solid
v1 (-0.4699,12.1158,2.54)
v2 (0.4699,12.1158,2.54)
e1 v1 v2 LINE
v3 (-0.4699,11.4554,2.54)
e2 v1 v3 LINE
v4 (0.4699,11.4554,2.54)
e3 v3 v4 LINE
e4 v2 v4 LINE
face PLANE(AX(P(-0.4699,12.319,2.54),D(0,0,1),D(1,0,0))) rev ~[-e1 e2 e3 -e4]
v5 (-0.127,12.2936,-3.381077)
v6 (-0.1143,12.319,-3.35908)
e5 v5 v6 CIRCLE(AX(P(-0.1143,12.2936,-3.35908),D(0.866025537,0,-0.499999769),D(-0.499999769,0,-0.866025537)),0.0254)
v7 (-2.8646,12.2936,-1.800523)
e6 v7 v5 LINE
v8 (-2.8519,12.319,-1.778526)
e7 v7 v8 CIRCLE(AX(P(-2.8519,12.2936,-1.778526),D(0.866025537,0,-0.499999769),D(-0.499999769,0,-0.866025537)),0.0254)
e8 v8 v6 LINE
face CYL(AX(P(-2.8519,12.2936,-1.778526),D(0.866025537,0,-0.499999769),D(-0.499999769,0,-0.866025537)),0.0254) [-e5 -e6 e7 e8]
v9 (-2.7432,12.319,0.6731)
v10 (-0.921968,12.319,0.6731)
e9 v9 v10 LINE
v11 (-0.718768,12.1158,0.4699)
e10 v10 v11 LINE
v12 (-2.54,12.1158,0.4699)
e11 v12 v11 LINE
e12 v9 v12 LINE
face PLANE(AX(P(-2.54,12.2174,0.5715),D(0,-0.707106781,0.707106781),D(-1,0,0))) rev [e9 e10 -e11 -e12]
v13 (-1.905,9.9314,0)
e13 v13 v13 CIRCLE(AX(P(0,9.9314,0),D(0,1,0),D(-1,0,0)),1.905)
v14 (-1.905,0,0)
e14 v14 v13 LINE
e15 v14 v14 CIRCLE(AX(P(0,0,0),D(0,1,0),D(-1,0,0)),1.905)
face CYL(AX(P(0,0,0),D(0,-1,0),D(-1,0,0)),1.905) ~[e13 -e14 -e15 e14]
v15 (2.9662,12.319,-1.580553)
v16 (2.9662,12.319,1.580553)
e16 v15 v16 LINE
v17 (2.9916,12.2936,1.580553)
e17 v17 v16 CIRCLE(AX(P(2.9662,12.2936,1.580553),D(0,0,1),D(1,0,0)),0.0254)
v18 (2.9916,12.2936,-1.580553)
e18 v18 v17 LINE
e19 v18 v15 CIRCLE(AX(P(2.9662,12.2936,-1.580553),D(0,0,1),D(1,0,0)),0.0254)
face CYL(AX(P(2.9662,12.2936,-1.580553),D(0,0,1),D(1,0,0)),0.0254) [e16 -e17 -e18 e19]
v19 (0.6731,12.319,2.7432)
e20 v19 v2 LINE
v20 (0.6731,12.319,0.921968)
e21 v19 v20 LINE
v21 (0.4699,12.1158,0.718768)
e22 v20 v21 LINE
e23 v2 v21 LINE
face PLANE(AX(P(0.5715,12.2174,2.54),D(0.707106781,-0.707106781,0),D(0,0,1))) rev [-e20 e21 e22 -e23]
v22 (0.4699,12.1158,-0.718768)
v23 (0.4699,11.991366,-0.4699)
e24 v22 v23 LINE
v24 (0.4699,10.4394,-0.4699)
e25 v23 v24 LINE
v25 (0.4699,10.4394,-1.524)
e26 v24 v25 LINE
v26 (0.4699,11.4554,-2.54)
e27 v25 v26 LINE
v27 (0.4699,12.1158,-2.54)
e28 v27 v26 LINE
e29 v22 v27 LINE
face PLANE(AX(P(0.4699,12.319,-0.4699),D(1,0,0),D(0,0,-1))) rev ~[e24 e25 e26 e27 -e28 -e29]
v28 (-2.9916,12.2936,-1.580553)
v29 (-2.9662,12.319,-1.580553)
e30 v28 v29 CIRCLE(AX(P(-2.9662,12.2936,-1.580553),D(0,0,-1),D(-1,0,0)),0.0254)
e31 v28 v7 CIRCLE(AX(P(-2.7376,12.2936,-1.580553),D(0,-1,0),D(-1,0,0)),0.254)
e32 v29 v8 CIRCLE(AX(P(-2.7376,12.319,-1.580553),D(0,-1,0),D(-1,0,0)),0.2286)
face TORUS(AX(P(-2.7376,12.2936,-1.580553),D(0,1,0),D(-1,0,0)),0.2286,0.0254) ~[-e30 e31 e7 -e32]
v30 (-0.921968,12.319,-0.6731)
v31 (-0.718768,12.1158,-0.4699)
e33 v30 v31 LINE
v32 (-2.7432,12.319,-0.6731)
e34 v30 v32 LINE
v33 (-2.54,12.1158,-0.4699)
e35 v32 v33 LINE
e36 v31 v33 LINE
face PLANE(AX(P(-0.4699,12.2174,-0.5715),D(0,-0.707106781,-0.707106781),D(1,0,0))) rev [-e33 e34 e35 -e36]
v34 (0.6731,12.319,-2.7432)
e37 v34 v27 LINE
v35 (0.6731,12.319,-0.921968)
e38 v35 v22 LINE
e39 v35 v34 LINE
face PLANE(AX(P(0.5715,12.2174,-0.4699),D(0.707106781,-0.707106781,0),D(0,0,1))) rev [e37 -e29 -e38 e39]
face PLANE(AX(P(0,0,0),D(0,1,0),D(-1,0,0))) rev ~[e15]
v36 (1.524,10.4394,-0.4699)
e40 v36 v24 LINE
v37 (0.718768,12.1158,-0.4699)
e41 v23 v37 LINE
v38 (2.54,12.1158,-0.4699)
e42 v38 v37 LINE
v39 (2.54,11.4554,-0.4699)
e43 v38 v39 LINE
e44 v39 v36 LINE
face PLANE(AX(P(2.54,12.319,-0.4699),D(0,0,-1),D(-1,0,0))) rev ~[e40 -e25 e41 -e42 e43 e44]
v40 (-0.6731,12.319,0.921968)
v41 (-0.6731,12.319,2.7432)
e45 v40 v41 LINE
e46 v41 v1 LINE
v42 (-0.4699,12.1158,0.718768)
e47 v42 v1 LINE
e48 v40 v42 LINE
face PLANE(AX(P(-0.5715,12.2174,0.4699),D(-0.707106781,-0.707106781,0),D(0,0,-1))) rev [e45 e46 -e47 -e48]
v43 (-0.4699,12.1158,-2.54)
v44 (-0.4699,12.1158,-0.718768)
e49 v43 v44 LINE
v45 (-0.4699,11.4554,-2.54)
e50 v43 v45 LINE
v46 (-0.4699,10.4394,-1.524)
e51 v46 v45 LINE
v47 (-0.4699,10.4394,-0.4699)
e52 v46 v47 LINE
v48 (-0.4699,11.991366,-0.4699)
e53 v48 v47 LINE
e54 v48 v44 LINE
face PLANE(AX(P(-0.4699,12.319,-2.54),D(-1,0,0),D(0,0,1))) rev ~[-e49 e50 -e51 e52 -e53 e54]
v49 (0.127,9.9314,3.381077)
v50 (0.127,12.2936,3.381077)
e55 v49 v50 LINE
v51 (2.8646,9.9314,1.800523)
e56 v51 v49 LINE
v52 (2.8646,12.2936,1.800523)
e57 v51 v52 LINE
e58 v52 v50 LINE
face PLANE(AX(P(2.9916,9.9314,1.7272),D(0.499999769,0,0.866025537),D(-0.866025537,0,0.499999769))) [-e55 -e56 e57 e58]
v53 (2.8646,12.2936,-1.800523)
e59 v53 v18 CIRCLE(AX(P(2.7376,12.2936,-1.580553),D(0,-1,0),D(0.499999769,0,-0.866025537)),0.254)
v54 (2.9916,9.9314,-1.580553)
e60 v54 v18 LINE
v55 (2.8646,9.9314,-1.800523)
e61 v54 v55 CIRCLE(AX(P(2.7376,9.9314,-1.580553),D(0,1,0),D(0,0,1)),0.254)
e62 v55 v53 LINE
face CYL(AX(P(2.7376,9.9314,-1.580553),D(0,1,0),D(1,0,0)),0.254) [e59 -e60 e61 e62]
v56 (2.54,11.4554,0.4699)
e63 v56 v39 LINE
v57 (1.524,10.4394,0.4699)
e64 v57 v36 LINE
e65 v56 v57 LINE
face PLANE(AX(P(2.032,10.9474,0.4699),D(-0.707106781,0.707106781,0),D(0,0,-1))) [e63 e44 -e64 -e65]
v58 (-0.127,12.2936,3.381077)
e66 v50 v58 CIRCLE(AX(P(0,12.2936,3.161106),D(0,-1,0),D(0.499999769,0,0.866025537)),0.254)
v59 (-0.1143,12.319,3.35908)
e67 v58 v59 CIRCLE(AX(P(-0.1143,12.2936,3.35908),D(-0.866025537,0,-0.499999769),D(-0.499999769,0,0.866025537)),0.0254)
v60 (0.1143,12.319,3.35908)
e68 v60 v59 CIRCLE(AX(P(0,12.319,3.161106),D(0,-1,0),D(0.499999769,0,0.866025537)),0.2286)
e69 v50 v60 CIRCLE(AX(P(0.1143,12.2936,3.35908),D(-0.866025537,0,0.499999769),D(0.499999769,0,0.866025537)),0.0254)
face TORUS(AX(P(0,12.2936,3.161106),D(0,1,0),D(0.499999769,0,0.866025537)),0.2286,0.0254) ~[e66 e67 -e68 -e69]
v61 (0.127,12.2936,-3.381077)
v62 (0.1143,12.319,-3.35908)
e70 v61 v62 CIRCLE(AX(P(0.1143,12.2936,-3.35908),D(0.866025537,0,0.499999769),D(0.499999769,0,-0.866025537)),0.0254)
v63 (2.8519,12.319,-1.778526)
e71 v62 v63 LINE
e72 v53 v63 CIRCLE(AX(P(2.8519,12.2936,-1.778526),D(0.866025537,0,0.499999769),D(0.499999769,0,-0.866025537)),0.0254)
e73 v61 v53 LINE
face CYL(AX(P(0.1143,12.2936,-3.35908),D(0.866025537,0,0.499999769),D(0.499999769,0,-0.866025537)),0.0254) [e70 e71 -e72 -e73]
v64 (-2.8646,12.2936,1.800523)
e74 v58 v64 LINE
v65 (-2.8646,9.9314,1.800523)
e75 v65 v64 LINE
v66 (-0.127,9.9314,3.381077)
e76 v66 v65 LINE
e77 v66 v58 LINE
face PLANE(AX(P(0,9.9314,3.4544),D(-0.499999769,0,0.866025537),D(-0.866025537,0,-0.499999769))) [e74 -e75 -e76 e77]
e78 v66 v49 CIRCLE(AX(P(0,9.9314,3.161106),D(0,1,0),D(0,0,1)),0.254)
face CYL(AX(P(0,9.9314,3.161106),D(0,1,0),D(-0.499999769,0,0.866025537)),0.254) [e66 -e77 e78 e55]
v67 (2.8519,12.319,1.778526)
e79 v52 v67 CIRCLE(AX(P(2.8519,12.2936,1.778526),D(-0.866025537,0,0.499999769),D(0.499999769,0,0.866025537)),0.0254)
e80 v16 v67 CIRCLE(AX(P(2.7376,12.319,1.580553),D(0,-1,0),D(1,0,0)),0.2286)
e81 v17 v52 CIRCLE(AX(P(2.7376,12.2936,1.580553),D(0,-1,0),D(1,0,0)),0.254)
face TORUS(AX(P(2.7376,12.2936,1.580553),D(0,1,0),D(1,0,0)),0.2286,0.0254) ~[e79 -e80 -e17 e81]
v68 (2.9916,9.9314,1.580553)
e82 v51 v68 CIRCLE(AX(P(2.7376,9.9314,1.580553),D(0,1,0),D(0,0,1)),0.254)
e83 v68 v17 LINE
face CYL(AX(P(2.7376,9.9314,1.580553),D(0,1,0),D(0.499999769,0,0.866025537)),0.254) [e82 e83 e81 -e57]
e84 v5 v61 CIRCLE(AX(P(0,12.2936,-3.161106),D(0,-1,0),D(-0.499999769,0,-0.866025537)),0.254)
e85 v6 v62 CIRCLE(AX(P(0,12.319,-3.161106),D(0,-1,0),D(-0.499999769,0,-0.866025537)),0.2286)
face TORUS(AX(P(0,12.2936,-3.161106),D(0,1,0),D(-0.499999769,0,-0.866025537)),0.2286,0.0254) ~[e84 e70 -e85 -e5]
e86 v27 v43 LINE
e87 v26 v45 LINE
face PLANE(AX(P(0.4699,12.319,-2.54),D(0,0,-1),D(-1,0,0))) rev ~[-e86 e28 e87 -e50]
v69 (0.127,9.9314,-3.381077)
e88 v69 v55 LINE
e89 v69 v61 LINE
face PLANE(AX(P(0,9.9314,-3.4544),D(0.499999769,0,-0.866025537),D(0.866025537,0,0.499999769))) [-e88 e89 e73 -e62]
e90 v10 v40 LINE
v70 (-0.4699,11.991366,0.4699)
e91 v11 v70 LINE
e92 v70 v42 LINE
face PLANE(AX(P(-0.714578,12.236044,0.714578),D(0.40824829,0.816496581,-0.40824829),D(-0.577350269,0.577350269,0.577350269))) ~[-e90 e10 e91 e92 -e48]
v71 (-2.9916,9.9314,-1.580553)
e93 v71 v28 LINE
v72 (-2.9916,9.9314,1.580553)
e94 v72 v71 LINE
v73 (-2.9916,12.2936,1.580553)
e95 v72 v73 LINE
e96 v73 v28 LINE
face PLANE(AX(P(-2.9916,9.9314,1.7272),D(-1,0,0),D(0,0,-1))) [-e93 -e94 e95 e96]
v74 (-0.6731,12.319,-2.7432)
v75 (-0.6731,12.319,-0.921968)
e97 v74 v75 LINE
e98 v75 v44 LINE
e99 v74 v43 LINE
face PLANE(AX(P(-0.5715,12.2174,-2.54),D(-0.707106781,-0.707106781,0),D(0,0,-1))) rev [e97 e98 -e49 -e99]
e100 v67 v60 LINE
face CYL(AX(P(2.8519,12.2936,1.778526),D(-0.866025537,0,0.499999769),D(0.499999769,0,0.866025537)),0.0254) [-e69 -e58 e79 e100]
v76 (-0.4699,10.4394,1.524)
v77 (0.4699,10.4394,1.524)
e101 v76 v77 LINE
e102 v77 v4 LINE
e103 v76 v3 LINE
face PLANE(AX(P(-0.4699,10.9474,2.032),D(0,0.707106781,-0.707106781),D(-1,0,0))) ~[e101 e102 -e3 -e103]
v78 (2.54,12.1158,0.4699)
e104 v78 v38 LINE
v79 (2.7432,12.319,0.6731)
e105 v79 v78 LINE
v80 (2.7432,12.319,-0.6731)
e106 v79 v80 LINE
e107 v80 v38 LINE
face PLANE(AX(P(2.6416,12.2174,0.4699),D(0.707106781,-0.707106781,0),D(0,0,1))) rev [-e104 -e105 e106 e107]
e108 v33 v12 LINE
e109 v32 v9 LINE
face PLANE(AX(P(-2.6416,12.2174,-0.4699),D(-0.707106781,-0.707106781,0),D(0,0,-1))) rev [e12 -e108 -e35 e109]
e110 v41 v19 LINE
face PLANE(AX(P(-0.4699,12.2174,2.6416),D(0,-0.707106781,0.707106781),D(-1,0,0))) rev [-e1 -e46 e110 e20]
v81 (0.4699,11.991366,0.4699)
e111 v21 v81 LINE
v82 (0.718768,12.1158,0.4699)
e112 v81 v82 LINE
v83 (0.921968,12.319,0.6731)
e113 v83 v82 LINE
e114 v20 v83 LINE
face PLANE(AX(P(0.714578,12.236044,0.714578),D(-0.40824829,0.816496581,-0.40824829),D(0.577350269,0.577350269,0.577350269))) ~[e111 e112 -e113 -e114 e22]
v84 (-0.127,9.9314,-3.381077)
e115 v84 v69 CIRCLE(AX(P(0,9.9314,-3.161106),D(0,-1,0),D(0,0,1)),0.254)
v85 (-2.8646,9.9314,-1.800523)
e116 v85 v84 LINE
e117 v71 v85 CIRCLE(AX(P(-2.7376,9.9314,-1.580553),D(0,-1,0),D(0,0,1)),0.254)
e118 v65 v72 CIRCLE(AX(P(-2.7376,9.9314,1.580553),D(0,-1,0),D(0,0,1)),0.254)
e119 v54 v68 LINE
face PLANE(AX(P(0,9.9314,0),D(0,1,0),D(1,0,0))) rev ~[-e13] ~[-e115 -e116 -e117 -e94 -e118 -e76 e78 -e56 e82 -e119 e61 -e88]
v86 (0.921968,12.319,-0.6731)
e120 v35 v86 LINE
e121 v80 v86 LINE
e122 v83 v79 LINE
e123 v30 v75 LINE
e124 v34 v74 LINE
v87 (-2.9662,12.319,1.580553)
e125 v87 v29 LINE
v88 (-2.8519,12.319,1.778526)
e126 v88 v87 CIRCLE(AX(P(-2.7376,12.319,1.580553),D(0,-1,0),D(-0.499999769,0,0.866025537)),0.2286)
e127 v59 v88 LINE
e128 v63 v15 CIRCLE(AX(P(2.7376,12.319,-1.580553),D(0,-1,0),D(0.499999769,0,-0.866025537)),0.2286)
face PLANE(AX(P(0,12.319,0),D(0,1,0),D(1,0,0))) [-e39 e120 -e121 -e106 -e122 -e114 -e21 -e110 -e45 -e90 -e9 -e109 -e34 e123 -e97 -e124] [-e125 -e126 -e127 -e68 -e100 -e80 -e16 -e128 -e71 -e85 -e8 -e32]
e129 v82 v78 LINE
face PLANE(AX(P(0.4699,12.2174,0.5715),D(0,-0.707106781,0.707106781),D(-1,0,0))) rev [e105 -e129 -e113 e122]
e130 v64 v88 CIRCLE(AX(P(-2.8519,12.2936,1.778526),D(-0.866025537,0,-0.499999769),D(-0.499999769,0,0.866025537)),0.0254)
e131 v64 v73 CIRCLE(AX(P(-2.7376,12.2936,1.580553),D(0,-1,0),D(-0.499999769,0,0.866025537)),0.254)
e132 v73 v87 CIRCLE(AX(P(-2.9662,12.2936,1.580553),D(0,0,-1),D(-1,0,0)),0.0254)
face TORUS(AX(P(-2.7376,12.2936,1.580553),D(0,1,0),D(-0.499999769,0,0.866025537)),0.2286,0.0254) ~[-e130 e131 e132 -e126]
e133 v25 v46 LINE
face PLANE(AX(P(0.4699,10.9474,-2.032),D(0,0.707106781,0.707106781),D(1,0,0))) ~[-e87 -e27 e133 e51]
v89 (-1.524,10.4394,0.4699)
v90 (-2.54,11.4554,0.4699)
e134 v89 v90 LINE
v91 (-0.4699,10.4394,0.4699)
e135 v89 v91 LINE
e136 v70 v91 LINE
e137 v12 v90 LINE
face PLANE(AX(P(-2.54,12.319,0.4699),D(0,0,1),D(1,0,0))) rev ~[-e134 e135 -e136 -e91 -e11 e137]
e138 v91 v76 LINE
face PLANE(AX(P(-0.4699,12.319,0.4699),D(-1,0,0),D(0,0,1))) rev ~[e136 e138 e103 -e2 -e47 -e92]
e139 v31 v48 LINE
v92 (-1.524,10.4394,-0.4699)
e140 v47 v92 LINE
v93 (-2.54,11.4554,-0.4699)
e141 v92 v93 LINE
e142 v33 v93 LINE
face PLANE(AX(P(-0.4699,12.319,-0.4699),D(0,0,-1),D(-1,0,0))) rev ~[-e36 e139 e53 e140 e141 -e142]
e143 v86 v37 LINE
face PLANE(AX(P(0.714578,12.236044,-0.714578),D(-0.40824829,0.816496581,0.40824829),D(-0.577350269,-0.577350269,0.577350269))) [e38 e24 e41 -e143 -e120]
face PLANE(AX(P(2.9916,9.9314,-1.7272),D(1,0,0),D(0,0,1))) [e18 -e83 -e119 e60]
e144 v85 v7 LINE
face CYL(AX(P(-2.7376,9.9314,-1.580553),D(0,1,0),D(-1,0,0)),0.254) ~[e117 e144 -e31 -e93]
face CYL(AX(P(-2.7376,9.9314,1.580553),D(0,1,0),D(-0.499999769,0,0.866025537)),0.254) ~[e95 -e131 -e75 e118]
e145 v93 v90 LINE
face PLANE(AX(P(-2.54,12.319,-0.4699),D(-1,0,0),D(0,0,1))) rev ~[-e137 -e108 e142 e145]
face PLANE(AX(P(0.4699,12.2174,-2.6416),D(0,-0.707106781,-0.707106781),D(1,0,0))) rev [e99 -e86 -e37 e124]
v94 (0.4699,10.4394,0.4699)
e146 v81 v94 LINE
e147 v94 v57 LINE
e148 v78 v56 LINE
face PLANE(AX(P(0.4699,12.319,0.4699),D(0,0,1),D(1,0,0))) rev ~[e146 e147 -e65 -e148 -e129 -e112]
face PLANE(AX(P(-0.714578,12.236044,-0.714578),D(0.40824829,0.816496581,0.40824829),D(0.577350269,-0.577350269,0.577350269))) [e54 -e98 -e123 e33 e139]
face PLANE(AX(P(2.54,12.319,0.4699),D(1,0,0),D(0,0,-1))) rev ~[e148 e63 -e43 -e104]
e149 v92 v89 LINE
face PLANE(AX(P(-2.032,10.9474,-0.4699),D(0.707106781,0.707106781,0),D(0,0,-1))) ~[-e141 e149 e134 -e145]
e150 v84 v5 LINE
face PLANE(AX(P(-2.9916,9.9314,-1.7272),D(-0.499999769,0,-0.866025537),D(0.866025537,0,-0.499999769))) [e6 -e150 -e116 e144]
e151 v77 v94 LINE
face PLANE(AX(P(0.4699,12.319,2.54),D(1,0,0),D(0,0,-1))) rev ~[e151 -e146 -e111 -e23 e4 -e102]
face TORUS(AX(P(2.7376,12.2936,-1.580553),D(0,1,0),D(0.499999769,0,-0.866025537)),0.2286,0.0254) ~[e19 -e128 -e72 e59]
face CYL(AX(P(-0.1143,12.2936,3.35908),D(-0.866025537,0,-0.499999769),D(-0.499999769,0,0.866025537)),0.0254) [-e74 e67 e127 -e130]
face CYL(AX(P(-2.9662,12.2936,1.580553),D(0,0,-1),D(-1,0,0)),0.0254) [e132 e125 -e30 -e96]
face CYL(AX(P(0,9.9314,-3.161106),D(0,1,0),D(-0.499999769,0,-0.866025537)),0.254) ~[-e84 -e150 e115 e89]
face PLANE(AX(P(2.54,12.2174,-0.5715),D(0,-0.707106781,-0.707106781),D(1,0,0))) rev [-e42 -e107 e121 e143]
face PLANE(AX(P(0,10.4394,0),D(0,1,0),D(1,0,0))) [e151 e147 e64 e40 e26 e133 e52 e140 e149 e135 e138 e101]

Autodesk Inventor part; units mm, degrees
ref_plane "YZ Plane" through (0, 0, 0) normal (1, 0, 0) x (0, 1, 0)
ref_plane "XZ Plane" through (0, 0, 0) normal (0, 1, 0) x (-1, 0, 0)
ref_plane "XY Plane" through (0, 0, 0) normal (0, 0, 1) x (1, 0, 0)
sketch "Sketch1" plane through (0, 0, 0) normal (0, 1, 0) x (-1, 0, 0)
  circle A0 centre (0, 0) radius 1.905
  dimension "d0" = 3.81
extrude "Extrusion1" add sketch "Sketch1" along normal blind 9.9314
thread "Thread1" size "8-32 UNC" class "2A" standard "ANSI Unified Screw Threads" length 6.9342 offset 2.54
sketch "Sketch2" plane through (0, 9.9314, 0) normal (0, 1, 0) x (1, 0, 0)
  line L0 (0, -3.4544) -> (-2.9916, -1.7272)
  line L1 (-2.9916, -1.7272) -> (-2.9916, 1.7272)
  line L2 (-2.9916, 1.7272) -> (0, 3.4544)
  line L3 (0, 3.4544) -> (2.9916, 1.7272)
  line L4 (2.9916, 1.7272) -> (2.9916, -1.7272)
  line L5 (2.9916, -1.7272) -> (0, -3.4544)
  point P0 (0, 0)
  point P1 (0, 0)
  dimension "d7" = 6.9088
extrude "Extrusion2" add sketch "Sketch2" along normal blind 2.3876
fillet "Fillet1" radius 0.254 6 edges at (2.9916, 11.1252, -1.7272) (0, 11.1252, -3.4544) (-2.9916, 11.1252, -1.7272) (-2.9916, 11.1252, 1.7272) (2.9916, 11.1252, 1.7272) (0, 11.1252, 3.4544)
fillet "Fillet2" radius 0.0254 12 edges at (-2.9576, 12.319, 1.7076) (-1.4958, 12.319, 2.5908) (0, 12.319, 3.4151) (1.4958, 12.319, 2.5908) (2.9576, 12.319, 1.7076) (2.9916, 12.319, 0) (2.9576, 12.319, -1.7076) (1.4958, 12.319, -2.5908) (0, 12.319, -3.4151) (-1.4958, 12.319, -2.5908) (-2.9576, 12.319, -1.7076) (-2.9916, 12.319, 0)
sketch "Sketch3" plane through (0, 12.319, 0) normal (0, 1, 0) x (1, 0, 0)
  line L0 (2.54, 0.4699) -> (-2.54, 0.4699)
  line L1 (-2.54, 0.4699) -> (-2.54, -0.4699)
  line L2 (-2.54, -0.4699) -> (2.54, -0.4699)
  line L3 (2.54, -0.4699) -> (2.54, 0.4699)
  line L4 (0.4699, 2.54) -> (-0.4699, 2.54)
  line L5 (-0.4699, 2.54) -> (-0.4699, -2.54)
  line L6 (-0.4699, -2.54) -> (0.4699, -2.54)
  line L7 (0.4699, -2.54) -> (0.4699, 2.54)
  line L8 (2.9916, -1.5806) -> (2.9916, 1.5806) projected
  line L9 (-2.9662, -1.5806) -> (-2.9662, 1.5806) projected
  point P0 (0, 0)
  point P1 (2.54, 0)
  point P2 (-0.4699, 0)
  point P3 (0, -2.54)
  point P4 (0, -0.4699)
  dimension "d12" = 0.9398
  dimension "d13" = 0.9398
  dimension "d14" = 5.08
  dimension "d15" = 5.08
  dimension "d16" = 0.4516
  dimension "d17" = 0.4262
extrude "Extrusion3" cut sketch "Sketch3" against normal blind 1.8796
chamfer "Chamfer1" distance 0.2032 angle 45 12 edges at (-1.505, 12.319, -0.4699) (-1.505, 12.319, 0.4699) (-2.54, 12.319, 0) (-0.4699, 12.319, -1.505) (0, 12.319, -2.54) (0.4699, 12.319, -1.505) (1.505, 12.319, -0.4699) (2.54, 12.319, 0) (1.505, 12.319, 0.4699) (0.4699, 12.319, 1.505) (0, 12.319, 2.54) (-0.4699, 12.319, 1.505)
chamfer "Chamfer2" distance 0.2032 angle 45 4 edges at (-0.5715, 12.2174, -0.5715) (0.5715, 12.2174, -0.5715) (-0.5715, 12.2174, 0.5715) (0.5715, 12.2174, 0.5715)
chamfer "Chamfer3" distance 1.016 angle 45 1 edges at (2.54, 10.4394, 0)
chamfer "Chamfer4" distance 1.016 angle 45 3 edges at (0, 10.4394, 2.54) (-2.54, 10.4394, 0) (0, 10.4394, -2.54)
properties part number "SSR-40 DA Screw" material "Nickel-Copper Alloy 400"
